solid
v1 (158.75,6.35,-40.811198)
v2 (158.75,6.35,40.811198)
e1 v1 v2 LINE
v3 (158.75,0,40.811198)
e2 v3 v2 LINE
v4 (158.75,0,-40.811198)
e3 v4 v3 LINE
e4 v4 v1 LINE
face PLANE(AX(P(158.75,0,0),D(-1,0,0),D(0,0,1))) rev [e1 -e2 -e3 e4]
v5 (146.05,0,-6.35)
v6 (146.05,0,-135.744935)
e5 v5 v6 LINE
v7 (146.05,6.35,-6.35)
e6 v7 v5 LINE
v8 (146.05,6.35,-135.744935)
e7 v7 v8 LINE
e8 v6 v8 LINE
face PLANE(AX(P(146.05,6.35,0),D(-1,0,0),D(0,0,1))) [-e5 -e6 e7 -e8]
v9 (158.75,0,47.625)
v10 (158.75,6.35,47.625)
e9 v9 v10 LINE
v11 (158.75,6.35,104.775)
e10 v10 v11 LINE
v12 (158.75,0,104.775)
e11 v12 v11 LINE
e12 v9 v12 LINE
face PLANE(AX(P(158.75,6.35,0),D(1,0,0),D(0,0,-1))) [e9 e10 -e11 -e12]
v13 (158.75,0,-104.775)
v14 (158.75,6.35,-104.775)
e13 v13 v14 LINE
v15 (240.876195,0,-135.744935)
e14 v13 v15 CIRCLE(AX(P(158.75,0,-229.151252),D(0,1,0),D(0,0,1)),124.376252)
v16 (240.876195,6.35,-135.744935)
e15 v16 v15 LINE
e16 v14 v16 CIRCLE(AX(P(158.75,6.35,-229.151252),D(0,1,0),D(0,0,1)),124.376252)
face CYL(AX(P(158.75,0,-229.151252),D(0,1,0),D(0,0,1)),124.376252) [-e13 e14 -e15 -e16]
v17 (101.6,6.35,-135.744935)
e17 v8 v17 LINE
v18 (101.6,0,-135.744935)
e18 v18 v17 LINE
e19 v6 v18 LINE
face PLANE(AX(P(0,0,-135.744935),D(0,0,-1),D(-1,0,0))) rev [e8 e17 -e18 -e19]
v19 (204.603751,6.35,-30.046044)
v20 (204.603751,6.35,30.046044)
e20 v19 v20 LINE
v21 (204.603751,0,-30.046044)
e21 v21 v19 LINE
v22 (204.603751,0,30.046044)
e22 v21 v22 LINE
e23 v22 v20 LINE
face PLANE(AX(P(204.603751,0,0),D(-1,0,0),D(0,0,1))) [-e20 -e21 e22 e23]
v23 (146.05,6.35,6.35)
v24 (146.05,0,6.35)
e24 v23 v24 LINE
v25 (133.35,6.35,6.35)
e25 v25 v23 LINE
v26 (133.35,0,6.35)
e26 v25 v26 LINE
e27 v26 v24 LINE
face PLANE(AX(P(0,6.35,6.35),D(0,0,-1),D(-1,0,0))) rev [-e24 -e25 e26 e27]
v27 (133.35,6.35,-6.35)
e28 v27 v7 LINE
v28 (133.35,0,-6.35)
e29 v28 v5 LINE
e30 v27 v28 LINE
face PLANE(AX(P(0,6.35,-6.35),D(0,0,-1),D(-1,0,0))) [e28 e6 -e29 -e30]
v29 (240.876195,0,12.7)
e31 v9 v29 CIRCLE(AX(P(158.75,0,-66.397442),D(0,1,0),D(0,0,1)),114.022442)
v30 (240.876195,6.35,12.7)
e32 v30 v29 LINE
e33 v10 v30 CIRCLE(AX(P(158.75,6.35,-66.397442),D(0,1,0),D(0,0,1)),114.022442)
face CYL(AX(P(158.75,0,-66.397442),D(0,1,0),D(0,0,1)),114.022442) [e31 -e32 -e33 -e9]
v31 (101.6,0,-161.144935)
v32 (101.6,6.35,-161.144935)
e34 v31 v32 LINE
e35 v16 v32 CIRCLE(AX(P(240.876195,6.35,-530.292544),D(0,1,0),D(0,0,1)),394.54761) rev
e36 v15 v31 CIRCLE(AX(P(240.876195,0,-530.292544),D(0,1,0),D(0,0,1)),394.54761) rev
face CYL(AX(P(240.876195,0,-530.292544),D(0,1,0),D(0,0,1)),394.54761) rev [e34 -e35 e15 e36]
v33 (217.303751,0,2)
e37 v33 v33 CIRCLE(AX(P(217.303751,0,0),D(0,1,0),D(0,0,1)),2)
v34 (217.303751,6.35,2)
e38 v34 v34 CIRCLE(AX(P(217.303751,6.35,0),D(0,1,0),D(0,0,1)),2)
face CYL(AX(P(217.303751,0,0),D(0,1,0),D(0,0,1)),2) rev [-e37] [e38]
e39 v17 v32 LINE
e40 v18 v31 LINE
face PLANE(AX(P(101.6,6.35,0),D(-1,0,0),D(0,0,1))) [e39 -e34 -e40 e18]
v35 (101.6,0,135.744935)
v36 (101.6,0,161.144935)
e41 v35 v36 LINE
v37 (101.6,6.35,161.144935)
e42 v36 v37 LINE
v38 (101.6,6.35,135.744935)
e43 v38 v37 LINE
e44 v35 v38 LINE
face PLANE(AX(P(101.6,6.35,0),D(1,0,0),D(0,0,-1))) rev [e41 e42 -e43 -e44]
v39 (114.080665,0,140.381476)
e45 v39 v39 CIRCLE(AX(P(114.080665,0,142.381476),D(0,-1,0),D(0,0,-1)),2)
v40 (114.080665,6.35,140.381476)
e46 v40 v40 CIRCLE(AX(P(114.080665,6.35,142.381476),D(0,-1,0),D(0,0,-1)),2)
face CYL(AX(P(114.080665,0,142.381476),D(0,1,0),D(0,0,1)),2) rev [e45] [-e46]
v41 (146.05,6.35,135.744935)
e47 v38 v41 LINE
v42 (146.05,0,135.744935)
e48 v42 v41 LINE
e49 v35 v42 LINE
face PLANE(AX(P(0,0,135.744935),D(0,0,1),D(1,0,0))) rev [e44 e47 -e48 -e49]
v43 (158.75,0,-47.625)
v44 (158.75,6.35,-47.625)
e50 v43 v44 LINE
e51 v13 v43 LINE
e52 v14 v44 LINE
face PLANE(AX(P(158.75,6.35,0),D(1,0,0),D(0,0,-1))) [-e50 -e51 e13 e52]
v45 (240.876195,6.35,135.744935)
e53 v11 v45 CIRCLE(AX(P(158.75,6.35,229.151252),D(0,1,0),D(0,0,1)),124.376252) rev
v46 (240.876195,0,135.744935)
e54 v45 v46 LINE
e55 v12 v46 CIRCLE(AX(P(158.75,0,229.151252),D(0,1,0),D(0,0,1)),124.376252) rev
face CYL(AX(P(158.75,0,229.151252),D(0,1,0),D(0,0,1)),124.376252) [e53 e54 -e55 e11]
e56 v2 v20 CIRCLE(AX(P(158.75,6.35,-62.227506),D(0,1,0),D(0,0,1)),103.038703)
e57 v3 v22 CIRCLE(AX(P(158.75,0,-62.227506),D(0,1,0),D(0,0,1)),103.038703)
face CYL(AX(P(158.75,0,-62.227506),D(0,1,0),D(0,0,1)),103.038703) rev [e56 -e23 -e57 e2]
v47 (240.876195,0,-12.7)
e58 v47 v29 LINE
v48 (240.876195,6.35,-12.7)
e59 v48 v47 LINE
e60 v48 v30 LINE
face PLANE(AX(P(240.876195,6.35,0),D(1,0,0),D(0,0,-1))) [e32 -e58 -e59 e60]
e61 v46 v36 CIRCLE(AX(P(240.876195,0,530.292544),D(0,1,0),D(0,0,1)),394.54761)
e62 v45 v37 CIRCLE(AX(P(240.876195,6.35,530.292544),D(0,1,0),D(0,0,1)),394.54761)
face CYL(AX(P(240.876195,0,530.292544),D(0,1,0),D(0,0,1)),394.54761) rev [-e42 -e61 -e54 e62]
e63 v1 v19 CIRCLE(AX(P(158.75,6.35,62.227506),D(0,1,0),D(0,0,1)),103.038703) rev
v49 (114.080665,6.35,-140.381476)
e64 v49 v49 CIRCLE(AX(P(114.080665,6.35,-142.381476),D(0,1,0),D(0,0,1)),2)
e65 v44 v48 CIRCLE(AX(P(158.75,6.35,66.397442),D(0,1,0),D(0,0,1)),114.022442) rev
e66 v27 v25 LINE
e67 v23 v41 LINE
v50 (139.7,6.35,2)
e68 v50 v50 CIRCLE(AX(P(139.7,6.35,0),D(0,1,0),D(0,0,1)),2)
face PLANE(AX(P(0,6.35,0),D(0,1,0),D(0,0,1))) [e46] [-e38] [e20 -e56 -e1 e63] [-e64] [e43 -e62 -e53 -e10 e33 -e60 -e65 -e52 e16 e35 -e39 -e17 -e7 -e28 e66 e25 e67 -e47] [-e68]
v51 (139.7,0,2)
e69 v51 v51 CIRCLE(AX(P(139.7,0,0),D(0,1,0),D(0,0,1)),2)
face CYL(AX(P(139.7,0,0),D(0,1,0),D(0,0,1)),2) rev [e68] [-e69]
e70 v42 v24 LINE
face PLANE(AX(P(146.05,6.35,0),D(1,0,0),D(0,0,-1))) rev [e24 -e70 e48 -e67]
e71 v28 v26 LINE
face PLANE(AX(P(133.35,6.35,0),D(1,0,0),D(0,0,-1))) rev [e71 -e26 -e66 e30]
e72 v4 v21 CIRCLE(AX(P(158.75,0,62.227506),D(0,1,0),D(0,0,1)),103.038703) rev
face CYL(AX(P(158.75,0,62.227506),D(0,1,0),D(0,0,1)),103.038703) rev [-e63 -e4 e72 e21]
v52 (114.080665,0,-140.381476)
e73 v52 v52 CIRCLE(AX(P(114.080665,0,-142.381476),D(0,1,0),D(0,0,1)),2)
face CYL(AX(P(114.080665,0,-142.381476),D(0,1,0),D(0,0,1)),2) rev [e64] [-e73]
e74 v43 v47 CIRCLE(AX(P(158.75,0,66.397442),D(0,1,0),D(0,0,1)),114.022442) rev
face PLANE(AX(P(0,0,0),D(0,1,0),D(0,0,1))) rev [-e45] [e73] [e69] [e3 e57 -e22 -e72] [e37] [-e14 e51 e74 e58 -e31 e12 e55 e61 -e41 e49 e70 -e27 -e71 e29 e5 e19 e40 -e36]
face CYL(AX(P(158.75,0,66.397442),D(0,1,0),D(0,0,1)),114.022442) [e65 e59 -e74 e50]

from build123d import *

# Parameters (mm, degrees)
BOSS_EXTRUDE3_DEPTH = 6.35
SKETCH2_R           = 2
CUT_EXTRUDE1_DEPTH  = 6.35
SKETCH3_W           = 44.45
SKETCH3_H           = 34.144934764
CUT_EXTRUDE2_DEPTH  = 6.35
BOSS_EXTRUDE5_DEPTH = 6.35
CUT_EXTRUDE3_DEPTH  = 6.35
CUT_EXTRUDE4_DEPTH  = 6.35
SKETCH8_R           = 2
CUT_EXTRUDE5_DEPTH  = 6.35


with BuildPart() as part:
    # Sketch1 → Boss-Extrude3 (new body)
    with BuildSketch(Plane(origin=(0, 0, 0), x_dir=(1, 0, 0), z_dir=(0, 1, 0))):
        with BuildLine():
            ThreePointArc((101.6, -161.144934764), (118.310930869, -149.307647617), (133.654639598, -135.744934764))
            Line((133.654639598, -135.744934764), (124.436872293, -135.744934764))
            Line((124.436872293, -135.744934764), (101.6, -135.744934764))
            Line((101.6, -135.744934764), (101.6, -161.144934764))
        make_face()
        with BuildLine():
            Line((146.05, -112.163363002), (146.05, -101.6))
            Line((146.05, -101.6), (101.6, -101.6))
            Line((101.6, -101.6), (101.6, -135.744934764))
            Line((101.6, -135.744934764), (124.436872293, -135.744934764))
            ThreePointArc((124.436872293, -135.744934764), (135.756435031, -124.424325787), (146.05, -112.163363002))
        make_face()
        with BuildLine():
            Line((152.4, -76.2), (152.4, -101.6))
            Line((152.4, -101.6), (157.687433266, -106.887433266))
            ThreePointArc((157.687433266, -106.887433266), (155.08800922, -110.62531083), (152.4, -114.3))
            ThreePointArc((152.4, -114.3), (143.428677452, -125.373300524), (133.654639598, -135.744934764))
            Line((133.654639598, -135.744934764), (190.5, -135.744934764))
            Line((190.5, -135.744934764), (240.876195248, -135.744934764))
            ThreePointArc((240.876195248, -135.744934764), (203.220744642, -110.47631512), (158.75, -101.6))
            Line((158.75, -101.6), (158.75, -76.2))
            Line((158.75, -76.2), (152.4, -76.2))
        make_face()
        with BuildLine():
            Line((146.05, -76.2), (152.4, -76.2))
            Line((152.4, -76.2), (152.4, -50.8))
            Line((152.4, -50.8), (190.076195248, -12.7))
            ThreePointArc((190.076195248, -12.7), (190.5, 0), (190.076195248, 12.7))
            Line((190.076195248, 12.7), (152.4, 50.8))
            Line((152.4, 50.8), (152.4, 76.2))
            Line((152.4, 76.2), (146.05, 76.2))
            Line((146.05, 76.2), (146.05, 6.35))
            Line((146.05, 6.35), (133.35, 6.35))
            Line((133.35, 6.35), (133.35, -6.35))
            Line((133.35, -6.35), (146.05, -6.35))
            Line((146.05, -6.35), (146.05, -76.2))
        make_face()
        with BuildLine():
            Line((157.687433266, -106.887433266), (152.4, -101.6))
            Line((152.4, -101.6), (152.4, -76.2))
            Line((152.4, -76.2), (146.05, -76.2))
            Line((146.05, -76.2), (146.05, -101.6))
            Line((146.05, -101.6), (146.05, -112.163363002))
            ThreePointArc((146.05, -112.163363002), (135.756435031, -124.424325787), (124.436872293, -135.744934764))
            Line((124.436872293, -135.744934764), (133.654639598, -135.744934764))
            ThreePointArc((133.654639598, -135.744934764), (143.428677452, -125.373300524), (152.4, -114.3))
            ThreePointArc((152.4, -114.3), (155.08800922, -110.62531083), (157.687433266, -106.887433266))
        make_face()
        with BuildLine():
            Line((101.6, 101.6), (146.05, 101.6))
            Line((146.05, 101.6), (146.05, 112.163363002))
            ThreePointArc((146.05, 112.163363002), (135.756435031, 124.424325787), (124.436872293, 135.744934764))
            Line((124.436872293, 135.744934764), (101.6, 135.744934764))
            Line((101.6, 135.744934764), (101.6, 101.6))
        make_face()
        with BuildLine():
            Line((124.436872293, 135.744934764), (133.654639598, 135.744934764))
            ThreePointArc((133.654639598, 135.744934764), (118.310930869, 149.307647617), (101.6, 161.144934764))
            Line((101.6, 161.144934764), (101.6, 135.744934764))
            Line((101.6, 135.744934764), (124.436872293, 135.744934764))
        make_face()
        with BuildLine():
            Line((146.05, 76.2), (152.4, 76.2))
            Line((152.4, 76.2), (152.4, 101.6))
            Line((152.4, 101.6), (157.687433266, 106.887433266))
            ThreePointArc((157.687433266, 106.887433266), (155.08800922, 110.62531083), (152.4, 114.3))
            ThreePointArc((152.4, 114.3), (143.428677452, 125.373300524), (133.654639598, 135.744934764))
            Line((133.654639598, 135.744934764), (124.436872293, 135.744934764))
            ThreePointArc((124.436872293, 135.744934764), (135.756435031, 124.424325787), (146.05, 112.163363002))
            Line((146.05, 112.163363002), (146.05, 101.6))
            Line((146.05, 101.6), (146.05, 76.2))
        make_face()
        with BuildLine():
            Line((152.4, 50.8), (190.076195248, 12.7))
            Line((190.076195248, 12.7), (240.876195248, 12.7))
            ThreePointArc((240.876195248, 12.7), (204.016770224, 40.811197813), (158.75, 50.8))
            Line((158.75, 50.8), (158.75, 76.2))
            Line((158.75, 76.2), (152.4, 76.2))
            Line((152.4, 76.2), (152.4, 50.8))
        make_face()
        with BuildLine():
            Line((152.4, -50.8), (152.4, -76.2))
            Line((152.4, -76.2), (158.75, -76.2))
            Line((158.75, -76.2), (158.75, -50.8))
            ThreePointArc((158.75, -50.8), (204.016770224, -40.811197813), (240.876195248, -12.7))
            Line((240.876195248, -12.7), (190.076195248, -12.7))
            Line((190.076195248, -12.7), (152.4, -50.8))
        make_face()
        with BuildLine():
            ThreePointArc((190.076195248, -12.7), (190.5, 0), (190.076195248, 12.7))
            Line((190.076195248, 12.7), (240.876195248, 12.7))
            Line((240.876195248, 12.7), (240.876195248, -12.7))
            Line((240.876195248, -12.7), (190.076195248, -12.7))
        make_face()
        with BuildLine():
            ThreePointArc((158.75, 101.6), (203.220744642, 110.47631512), (240.876195248, 135.744934764))
            Line((240.876195248, 135.744934764), (190.5, 135.744934764))
            Line((190.5, 135.744934764), (133.654639598, 135.744934764))
            ThreePointArc((133.654639598, 135.744934764), (143.428677452, 125.373300524), (152.4, 114.3))
            ThreePointArc((152.4, 114.3), (155.08800922, 110.62531083), (157.687433266, 106.887433266))
            Line((157.687433266, 106.887433266), (152.4, 101.6))
            Line((152.4, 101.6), (152.4, 76.2))
            Line((152.4, 76.2), (158.75, 76.2))
            Line((158.75, 76.2), (158.75, 101.6))
        make_face()
    extrude(amount=BOSS_EXTRUDE3_DEPTH)

    # Sketch2 → Cut-Extrude1 (cut)
    with BuildSketch(Plane(origin=(0, 6.35, 0), x_dir=(1, 0, 0), z_dir=(0, 1, 0))):
        with Locations((139.7, 0)):
            Circle(SKETCH2_R)
        with Locations((114.080664861, 142.381475953)):
            Circle(SKETCH2_R)
        with Locations((114.080664861, -142.381475953)):
            Circle(SKETCH2_R)
    extrude(amount=-CUT_EXTRUDE1_DEPTH, mode=Mode.SUBTRACT)

    # Sketch3 → Cut-Extrude2 (cut)
    with BuildSketch(Plane(origin=(0, 6.35, 0), x_dir=(1, 0, 0), z_dir=(0, 1, 0))):
        with Locations((123.825, 118.672467382)):
            Rectangle(SKETCH3_W, SKETCH3_H)
        with Locations((123.825, -118.672467382)):
            Rectangle(SKETCH3_W, SKETCH3_H)
    extrude(amount=-CUT_EXTRUDE2_DEPTH, mode=Mode.SUBTRACT)

    # Sketch4 → Boss-Extrude5 (add)
    with BuildSketch(Plane(origin=(0, 6.35, 0), x_dir=(1, 0, 0), z_dir=(0, 1, 0))):
        with BuildLine():
            Line((146.05, 135.744934764), (240.876195248, 135.744934764))
            ThreePointArc((240.876195248, 135.744934764), (170.089511185, 142.146873772), (101.6, 161.144934764))
            Line((101.6, 161.144934764), (133.654639598, 135.744934764))
            Line((133.654639598, 135.744934764), (146.05, 135.744934764))
        make_face()
        with BuildLine():
            ThreePointArc((101.6, -161.144934764), (170.089511185, -142.146873772), (240.876195248, -135.744934764))
            Line((240.876195248, -135.744934764), (146.05, -135.744934764))
            Line((146.05, -135.744934764), (133.654639598, -135.744934764))
            Line((133.654639598, -135.744934764), (101.6, -161.144934764))
        make_face()
    extrude(amount=-BOSS_EXTRUDE5_DEPTH)

    # Sketch6 → Cut-Extrude3 (cut)
    with BuildSketch(Plane(origin=(0, 6.35, 0), x_dir=(1, 0, 0), z_dir=(0, 1, 0))):
        with BuildLine():
            ThreePointArc((204.6037507, 30.046043954), (182.300238804, 38.083813069), (158.75, 40.811197813))
            Line((158.75, 40.811197813), (158.75, -40.811197813))
            ThreePointArc((158.75, -40.811197813), (182.300238804, -38.083813069), (204.6037507, -30.046043954))
            Line((204.6037507, -30.046043954), (204.6037507, 30.046043954))
        make_face()
    extrude(amount=-CUT_EXTRUDE3_DEPTH, mode=Mode.SUBTRACT)

    # Sketch7 → Cut-Extrude4 (cut)
    with BuildSketch(Plane(origin=(0, 6.35, 0), x_dir=(1, 0, 0), z_dir=(0, 1, 0))):
        with BuildLine():
            ThreePointArc((158.75, 104.775), (202.635785869, 112.774751554), (240.876195248, 135.744934764))
            ThreePointArc((240.876195248, 135.744934764), (203.220744642, 110.47631512), (158.75, 101.6))
            Line((158.75, 101.6), (158.75, 104.775))
        make_face()
        with BuildLine():
            Line((158.75, 50.8), (158.75, 47.625))
            ThreePointArc((158.75, 47.625), (203.371932866, 38.531106957), (240.876195248, 12.7))
            ThreePointArc((240.876195248, 12.7), (204.016770224, 40.811197813), (158.75, 50.8))
        make_face()
        with BuildLine():
            ThreePointArc((158.75, -47.625), (203.371932866, -38.531106957), (240.876195248, -12.7))
            ThreePointArc((240.876195248, -12.7), (204.016770224, -40.811197813), (158.75, -50.8))
            Line((158.75, -50.8), (158.75, -47.625))
        make_face()
        with BuildLine():
            Line((158.75, -104.775), (158.75, -101.6))
            ThreePointArc((158.75, -101.6), (203.220744642, -110.47631512), (240.876195248, -135.744934764))
            ThreePointArc((240.876195248, -135.744934764), (202.635785869, -112.774751554), (158.75, -104.775))
        make_face()
    extrude(amount=-CUT_EXTRUDE4_DEPTH, mode=Mode.SUBTRACT)

    # Sketch8 → Cut-Extrude5 (cut)
    with BuildSketch(Plane(origin=(0, 6.35, 0), x_dir=(1, 0, 0), z_dir=(0, 1, 0))):
        with Locations((217.3037507, 0)):
            Circle(SKETCH8_R)
    extrude(amount=-CUT_EXTRUDE5_DEPTH, mode=Mode.SUBTRACT)


solid = part.part
